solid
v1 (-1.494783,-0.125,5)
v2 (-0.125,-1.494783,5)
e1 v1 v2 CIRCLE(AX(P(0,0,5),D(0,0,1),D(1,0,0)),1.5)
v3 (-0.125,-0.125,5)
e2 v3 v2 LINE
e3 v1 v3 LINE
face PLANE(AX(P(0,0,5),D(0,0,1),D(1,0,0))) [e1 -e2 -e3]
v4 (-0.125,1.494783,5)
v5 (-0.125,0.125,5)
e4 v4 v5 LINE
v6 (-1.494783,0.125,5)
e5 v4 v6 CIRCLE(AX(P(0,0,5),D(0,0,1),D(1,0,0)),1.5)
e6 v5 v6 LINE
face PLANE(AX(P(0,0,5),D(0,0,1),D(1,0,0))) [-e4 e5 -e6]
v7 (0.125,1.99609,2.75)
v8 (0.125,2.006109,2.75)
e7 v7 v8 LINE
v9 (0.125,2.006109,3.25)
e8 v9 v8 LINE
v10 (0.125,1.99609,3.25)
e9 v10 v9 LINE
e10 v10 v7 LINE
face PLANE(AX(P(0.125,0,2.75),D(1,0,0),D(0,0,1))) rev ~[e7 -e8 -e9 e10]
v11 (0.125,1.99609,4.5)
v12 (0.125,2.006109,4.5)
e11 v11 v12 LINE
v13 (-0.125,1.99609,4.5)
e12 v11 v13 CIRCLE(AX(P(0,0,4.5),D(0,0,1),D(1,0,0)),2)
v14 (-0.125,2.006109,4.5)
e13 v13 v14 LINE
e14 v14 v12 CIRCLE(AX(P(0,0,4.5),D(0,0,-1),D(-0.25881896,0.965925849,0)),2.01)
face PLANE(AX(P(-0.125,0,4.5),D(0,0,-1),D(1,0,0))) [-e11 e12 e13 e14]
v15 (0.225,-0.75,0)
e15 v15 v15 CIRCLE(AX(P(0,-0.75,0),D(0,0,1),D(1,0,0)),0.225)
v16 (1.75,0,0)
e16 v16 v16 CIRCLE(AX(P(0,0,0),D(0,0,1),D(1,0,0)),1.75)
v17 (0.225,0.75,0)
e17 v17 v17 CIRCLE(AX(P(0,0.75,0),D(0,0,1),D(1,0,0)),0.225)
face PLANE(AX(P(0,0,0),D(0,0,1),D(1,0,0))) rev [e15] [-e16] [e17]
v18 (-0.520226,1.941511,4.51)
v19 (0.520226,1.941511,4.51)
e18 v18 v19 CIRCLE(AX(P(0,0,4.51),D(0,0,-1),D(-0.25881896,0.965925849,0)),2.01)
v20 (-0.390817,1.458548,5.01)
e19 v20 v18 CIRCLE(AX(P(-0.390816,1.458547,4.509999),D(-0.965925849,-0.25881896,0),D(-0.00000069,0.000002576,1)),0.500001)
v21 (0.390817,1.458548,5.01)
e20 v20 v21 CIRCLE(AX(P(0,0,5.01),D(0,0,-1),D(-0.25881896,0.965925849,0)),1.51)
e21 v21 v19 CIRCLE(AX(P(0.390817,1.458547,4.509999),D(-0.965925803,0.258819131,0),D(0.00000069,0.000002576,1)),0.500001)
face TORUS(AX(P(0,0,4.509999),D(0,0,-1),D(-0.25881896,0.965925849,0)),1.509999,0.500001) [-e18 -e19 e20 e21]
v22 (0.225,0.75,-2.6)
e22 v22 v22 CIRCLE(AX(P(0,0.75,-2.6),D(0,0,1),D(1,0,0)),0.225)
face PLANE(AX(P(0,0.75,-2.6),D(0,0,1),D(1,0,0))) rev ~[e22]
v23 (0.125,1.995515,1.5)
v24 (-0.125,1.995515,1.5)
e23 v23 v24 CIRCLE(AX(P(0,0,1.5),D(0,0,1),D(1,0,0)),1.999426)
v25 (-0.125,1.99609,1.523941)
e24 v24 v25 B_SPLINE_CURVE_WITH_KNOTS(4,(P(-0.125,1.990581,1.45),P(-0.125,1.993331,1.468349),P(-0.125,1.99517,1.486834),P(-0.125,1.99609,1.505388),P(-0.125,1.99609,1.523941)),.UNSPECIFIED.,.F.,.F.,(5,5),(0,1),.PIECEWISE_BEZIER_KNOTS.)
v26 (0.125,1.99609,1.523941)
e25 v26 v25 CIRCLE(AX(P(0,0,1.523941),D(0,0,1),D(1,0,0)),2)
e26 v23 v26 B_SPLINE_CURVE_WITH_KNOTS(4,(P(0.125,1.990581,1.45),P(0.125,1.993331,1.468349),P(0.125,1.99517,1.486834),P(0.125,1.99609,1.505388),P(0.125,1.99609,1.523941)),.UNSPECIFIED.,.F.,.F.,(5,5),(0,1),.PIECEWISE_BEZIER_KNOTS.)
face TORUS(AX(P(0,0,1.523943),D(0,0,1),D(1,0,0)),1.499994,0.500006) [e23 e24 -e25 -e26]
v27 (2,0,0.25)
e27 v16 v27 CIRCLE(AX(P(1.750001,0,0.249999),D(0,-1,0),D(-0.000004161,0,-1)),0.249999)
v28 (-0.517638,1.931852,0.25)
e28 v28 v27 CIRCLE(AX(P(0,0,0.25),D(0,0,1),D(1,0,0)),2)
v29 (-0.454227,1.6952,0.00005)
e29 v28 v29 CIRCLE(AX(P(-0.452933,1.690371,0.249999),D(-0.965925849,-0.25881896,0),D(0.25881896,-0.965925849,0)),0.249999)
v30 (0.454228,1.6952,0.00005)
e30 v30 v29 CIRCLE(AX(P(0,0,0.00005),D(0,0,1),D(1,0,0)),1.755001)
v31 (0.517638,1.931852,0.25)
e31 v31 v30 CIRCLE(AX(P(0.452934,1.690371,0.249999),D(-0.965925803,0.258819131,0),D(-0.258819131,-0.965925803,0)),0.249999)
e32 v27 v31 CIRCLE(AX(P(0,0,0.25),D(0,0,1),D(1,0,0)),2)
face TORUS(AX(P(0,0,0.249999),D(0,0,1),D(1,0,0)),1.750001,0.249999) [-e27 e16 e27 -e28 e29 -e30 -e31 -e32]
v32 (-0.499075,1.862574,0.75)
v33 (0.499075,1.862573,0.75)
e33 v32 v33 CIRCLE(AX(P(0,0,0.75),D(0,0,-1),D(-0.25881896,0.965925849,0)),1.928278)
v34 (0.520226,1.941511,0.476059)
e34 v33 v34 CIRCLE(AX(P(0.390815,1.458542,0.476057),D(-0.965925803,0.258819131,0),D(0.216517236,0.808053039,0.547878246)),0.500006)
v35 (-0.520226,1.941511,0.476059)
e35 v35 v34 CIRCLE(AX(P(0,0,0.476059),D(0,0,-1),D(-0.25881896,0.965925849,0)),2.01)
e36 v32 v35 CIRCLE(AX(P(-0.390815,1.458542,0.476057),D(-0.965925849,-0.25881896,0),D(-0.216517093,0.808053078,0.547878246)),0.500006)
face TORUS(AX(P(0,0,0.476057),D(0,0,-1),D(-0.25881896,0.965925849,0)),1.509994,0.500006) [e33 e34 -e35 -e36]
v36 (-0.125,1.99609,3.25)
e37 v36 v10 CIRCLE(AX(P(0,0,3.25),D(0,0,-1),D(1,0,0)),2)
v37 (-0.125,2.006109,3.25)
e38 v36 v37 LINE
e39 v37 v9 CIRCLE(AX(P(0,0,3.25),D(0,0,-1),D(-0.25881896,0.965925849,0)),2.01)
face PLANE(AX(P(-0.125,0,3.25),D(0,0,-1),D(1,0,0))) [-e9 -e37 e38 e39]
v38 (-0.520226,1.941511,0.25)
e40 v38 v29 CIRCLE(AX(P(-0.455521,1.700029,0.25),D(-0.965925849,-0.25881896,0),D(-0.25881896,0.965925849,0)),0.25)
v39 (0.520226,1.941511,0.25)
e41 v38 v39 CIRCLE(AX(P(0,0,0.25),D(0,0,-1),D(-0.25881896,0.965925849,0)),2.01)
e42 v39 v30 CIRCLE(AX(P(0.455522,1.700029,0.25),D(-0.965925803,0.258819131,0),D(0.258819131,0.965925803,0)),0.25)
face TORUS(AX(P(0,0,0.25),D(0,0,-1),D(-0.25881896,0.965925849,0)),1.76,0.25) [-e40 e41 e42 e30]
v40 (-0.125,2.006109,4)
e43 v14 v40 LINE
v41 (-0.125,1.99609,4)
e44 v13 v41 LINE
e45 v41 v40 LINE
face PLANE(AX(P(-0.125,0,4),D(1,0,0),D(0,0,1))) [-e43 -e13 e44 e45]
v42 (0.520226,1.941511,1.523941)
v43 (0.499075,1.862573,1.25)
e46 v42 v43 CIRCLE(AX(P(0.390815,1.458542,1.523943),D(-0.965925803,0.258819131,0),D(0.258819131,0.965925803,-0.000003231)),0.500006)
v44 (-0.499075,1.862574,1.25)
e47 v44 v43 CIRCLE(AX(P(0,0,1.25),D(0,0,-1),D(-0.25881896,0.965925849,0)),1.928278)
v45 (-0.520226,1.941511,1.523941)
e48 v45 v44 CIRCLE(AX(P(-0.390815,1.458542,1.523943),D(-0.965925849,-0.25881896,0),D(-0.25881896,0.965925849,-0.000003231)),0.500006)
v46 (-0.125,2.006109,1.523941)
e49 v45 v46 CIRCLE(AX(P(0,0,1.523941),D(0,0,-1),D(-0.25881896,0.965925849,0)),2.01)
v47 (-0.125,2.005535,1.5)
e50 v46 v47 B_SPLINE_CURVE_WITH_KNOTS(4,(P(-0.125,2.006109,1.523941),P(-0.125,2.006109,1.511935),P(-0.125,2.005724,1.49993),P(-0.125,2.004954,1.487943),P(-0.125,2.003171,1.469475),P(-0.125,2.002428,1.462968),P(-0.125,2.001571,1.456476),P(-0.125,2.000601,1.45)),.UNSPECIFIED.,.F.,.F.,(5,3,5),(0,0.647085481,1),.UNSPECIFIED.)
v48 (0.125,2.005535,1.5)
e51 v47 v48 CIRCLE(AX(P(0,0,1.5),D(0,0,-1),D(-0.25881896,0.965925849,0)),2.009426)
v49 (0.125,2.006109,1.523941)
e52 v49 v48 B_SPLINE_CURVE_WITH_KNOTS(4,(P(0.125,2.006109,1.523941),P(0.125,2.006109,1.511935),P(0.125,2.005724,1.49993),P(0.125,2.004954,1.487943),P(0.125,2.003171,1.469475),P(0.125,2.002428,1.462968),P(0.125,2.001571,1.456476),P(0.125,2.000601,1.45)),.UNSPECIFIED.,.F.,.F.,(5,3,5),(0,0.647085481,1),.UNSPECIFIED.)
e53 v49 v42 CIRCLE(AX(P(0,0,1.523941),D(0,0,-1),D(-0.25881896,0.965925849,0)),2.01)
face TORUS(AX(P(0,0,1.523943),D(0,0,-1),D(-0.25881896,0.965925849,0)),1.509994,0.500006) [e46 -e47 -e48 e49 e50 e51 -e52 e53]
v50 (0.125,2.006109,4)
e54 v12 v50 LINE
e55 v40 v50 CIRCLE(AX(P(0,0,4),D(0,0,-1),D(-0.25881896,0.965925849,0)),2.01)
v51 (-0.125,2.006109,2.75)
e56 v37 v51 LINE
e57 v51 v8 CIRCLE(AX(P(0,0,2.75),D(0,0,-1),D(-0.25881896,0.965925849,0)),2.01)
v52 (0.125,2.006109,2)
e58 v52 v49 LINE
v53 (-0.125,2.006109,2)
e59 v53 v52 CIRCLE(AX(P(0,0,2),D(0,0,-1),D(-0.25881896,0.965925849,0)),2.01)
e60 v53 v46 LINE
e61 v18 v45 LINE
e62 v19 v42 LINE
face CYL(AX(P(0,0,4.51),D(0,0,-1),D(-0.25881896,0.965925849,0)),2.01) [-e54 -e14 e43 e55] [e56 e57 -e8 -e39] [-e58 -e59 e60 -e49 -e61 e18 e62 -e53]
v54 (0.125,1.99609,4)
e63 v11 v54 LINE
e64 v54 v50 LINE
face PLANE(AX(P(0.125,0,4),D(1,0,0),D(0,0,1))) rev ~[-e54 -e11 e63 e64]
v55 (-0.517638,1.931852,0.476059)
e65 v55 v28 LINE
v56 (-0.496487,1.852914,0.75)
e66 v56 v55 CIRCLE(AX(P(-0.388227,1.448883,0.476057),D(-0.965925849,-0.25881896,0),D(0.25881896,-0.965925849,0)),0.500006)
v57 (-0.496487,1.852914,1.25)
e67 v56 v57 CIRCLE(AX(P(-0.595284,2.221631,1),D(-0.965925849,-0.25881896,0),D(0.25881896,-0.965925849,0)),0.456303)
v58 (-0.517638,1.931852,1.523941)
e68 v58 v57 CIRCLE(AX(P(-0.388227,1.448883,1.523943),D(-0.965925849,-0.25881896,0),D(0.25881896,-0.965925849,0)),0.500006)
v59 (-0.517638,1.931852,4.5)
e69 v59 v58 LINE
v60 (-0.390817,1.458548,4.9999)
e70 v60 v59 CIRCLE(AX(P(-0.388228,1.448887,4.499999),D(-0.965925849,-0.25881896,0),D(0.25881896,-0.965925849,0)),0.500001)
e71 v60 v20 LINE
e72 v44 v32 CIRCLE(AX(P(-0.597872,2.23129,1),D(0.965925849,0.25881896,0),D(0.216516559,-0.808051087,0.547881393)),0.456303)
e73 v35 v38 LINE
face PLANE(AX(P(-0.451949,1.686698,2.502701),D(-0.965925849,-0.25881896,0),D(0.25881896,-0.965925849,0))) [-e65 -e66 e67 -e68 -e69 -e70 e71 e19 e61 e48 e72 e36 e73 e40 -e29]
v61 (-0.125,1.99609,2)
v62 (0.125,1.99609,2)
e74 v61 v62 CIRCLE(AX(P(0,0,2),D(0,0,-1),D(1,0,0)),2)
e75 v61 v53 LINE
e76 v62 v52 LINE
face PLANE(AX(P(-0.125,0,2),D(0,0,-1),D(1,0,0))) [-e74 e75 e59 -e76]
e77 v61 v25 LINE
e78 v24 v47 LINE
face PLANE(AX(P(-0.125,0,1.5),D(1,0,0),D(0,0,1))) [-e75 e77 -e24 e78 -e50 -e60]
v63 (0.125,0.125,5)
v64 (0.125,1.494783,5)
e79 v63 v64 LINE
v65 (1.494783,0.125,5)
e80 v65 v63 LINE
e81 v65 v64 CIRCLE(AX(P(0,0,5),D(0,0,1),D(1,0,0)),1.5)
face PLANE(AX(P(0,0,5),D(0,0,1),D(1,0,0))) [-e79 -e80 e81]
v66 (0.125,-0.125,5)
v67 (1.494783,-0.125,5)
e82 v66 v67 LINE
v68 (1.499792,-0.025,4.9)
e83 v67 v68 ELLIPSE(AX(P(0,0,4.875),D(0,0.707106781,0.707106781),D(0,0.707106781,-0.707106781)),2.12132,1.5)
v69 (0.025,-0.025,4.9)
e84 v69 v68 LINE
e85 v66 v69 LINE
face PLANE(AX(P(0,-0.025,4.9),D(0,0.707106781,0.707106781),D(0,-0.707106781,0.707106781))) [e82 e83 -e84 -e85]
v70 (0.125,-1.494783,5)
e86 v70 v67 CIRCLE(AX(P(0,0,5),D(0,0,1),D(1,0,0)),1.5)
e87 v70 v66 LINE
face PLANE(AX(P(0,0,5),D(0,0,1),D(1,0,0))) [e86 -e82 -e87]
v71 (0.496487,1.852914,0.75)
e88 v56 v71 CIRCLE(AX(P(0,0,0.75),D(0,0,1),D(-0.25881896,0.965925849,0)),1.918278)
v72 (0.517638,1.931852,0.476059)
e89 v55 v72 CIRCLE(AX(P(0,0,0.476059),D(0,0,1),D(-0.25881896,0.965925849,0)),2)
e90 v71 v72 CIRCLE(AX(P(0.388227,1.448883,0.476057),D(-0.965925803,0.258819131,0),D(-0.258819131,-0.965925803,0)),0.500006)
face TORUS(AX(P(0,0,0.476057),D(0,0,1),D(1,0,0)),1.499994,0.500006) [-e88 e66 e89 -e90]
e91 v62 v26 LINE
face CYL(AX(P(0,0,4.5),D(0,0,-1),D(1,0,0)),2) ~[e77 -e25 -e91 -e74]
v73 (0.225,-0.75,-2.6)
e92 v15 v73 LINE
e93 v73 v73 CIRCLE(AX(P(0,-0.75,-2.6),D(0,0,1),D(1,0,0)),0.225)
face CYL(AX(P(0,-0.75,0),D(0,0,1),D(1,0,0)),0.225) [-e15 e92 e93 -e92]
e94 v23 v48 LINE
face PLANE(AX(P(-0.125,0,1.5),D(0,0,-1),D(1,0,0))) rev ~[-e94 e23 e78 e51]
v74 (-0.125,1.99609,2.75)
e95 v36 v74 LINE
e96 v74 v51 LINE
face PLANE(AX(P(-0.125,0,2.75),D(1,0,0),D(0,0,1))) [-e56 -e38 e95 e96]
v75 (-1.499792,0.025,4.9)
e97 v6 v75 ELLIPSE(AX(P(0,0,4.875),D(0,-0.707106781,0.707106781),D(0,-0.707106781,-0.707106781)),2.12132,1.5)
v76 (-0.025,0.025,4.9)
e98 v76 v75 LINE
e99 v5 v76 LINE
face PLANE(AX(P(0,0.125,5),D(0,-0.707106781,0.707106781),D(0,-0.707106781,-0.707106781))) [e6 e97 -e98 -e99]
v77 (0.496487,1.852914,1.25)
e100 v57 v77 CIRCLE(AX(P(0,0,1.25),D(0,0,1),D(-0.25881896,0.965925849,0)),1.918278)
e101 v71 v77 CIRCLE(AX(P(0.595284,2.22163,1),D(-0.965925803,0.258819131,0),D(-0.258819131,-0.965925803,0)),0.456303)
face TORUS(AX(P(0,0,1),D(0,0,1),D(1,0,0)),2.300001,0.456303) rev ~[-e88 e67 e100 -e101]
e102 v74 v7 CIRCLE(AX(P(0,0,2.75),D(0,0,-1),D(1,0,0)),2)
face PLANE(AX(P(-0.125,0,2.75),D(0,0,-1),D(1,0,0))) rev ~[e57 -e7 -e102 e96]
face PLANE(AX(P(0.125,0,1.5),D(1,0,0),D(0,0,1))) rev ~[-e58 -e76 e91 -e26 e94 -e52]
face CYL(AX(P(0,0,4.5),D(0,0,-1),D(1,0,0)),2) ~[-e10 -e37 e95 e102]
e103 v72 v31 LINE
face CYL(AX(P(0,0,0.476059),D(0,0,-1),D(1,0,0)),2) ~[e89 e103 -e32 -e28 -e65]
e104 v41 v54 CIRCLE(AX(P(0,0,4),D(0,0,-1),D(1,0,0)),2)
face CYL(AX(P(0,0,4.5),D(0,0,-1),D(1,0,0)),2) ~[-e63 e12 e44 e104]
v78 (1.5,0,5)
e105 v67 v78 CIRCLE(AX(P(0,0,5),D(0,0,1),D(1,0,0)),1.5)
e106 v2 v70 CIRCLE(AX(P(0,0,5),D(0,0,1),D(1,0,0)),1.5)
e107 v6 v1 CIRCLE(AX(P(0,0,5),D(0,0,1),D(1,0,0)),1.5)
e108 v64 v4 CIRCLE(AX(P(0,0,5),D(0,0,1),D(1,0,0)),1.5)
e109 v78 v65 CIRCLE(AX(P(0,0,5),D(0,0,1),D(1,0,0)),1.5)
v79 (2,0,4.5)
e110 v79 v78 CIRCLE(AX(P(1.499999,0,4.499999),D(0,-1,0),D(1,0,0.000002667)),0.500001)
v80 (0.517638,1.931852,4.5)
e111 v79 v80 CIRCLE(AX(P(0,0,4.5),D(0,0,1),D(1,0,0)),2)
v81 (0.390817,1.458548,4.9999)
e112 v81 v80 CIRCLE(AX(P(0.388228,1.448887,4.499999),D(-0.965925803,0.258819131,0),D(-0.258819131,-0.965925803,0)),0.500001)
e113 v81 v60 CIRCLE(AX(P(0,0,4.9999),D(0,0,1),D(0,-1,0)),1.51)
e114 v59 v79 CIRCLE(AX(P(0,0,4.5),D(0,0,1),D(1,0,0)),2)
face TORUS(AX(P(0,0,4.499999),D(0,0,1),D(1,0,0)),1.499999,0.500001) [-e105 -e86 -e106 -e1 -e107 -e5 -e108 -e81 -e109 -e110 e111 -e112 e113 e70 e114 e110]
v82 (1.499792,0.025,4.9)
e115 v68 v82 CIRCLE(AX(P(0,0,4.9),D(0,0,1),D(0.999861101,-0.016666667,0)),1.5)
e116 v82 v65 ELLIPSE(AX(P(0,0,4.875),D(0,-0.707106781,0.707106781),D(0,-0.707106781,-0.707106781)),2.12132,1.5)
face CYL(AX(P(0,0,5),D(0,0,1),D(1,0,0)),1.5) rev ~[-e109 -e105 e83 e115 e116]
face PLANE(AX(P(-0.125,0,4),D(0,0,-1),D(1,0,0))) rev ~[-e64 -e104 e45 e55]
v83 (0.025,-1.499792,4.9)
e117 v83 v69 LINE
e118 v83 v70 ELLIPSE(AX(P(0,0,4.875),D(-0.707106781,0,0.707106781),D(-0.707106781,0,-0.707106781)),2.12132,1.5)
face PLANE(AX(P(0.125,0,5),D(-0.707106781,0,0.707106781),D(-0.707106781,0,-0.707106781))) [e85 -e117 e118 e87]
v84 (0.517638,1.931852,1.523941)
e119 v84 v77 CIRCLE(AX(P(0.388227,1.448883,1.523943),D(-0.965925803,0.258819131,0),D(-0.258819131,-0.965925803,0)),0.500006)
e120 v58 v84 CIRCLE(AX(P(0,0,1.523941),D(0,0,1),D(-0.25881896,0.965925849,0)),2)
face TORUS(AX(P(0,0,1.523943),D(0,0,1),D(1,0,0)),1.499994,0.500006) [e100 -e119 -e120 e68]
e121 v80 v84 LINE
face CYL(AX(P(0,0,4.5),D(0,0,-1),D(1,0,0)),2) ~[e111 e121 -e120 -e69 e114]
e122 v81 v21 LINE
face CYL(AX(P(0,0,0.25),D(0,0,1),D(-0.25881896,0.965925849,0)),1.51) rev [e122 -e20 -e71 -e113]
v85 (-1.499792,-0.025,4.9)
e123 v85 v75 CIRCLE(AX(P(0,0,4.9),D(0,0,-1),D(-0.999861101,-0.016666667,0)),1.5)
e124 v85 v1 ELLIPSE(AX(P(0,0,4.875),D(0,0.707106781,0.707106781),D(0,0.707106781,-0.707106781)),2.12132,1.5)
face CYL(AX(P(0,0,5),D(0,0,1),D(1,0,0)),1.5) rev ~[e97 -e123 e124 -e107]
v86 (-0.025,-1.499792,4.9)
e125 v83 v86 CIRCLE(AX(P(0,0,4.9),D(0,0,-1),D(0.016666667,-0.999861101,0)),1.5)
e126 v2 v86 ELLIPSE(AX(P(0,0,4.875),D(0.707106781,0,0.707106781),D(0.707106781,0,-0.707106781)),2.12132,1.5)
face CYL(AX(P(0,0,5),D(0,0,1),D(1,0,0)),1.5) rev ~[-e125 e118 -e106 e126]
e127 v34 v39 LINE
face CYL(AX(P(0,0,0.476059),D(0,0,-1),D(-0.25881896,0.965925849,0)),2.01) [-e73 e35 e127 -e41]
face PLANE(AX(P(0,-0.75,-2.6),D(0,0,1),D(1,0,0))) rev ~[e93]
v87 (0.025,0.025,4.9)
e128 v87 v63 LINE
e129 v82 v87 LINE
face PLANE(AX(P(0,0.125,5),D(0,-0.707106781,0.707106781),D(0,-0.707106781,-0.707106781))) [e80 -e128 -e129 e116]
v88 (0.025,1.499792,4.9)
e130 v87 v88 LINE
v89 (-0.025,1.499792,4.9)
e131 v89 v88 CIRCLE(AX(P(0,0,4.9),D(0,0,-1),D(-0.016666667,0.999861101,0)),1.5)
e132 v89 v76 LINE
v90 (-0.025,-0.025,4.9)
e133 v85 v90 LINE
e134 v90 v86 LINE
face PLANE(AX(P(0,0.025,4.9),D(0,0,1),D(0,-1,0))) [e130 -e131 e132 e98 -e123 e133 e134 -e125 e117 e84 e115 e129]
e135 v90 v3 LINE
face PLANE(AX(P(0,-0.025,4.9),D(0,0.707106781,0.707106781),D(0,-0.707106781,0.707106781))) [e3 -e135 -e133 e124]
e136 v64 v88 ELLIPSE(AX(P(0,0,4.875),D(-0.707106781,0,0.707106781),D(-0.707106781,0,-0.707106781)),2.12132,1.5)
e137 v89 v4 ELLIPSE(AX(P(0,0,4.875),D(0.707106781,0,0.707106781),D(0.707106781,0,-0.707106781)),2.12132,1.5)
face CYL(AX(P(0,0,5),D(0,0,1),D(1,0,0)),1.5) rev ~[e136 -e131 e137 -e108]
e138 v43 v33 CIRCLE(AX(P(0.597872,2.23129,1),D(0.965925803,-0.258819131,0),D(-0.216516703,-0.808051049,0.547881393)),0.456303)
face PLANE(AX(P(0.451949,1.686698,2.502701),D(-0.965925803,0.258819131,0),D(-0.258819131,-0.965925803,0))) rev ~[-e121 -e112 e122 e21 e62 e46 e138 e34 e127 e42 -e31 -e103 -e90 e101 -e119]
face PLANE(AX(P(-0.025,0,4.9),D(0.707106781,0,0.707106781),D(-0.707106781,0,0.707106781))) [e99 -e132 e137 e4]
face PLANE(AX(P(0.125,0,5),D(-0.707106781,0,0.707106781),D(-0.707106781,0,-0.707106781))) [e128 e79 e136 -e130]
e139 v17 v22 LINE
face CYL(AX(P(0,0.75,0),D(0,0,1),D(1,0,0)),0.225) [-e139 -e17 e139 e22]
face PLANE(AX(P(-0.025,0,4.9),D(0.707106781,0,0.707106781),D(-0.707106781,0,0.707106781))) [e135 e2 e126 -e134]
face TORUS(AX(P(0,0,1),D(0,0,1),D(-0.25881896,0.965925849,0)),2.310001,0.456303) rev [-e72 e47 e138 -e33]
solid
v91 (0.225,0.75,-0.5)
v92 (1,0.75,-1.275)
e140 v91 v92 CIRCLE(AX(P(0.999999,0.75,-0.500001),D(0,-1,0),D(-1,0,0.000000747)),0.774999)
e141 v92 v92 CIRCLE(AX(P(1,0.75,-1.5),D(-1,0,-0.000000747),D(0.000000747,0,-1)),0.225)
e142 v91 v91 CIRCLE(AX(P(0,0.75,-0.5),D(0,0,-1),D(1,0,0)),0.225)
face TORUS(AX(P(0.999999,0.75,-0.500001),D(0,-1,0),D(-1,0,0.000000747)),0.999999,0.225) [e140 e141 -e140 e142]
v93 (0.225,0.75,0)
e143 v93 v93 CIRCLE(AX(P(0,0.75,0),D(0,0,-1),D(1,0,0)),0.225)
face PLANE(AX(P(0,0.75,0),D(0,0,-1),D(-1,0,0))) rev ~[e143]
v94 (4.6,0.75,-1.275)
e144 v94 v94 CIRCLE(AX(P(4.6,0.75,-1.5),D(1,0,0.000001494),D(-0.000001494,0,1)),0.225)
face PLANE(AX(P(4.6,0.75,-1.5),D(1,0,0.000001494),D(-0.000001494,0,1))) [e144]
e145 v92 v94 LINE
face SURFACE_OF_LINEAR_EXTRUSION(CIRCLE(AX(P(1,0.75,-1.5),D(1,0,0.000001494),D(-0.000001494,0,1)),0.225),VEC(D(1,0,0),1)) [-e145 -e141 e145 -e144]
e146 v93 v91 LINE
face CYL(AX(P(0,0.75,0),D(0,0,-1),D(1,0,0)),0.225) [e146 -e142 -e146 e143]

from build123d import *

# Parameters (mm, degrees)
SKETCH003_R         = 0.225
REVOLUTION001_ANGLE = -30
SKETCH015_W         = 0.25
SKETCH015_H         = 0.5
POCKET002_DEPTH     = 2.011
LINEARPATTERN_COUNT = 3
LINEARPATTERN_PITCH = 1.25
SKETCH010_R         = 0.225
PAD002_DEPTH        = 2.6
SKETCH013_R         = 1.5
PAD_DEPTH           = 0.5
POCKET001_DEPTH     = 1.5
POLARPATTERN_COUNT  = 3
POLARPATTERN_ANGLE  = 180
SKETCH012_R         = 1.5
POCKET_DEPTH        = 0.5


with BuildPart() as leadangledclone:
    # AdditivePipe: sweep along a path in Sketch004
    with BuildLine(Plane.XZ) as additivepipe_path:
        Line((0, 0), (0, -0.5))
        ThreePointArc((0, -0.5), (0.292893, -1.207107), (1, -1.5))
        Line((1, -1.5), (4.6, -1.5))
    # Sketch003 (on ShapeBinder) → AdditivePipe (sweep)
    with BuildSketch(Plane(origin=(0, 0, 0), x_dir=(1, 0, 0), z_dir=(0, 0, -1))):
        with Locations((0, 0.75)):
            Circle(SKETCH003_R)
    sweep(path=additivepipe_path.line)


with BuildPart() as leadangledclone_1:
    # Body003 placement: moved
    add(leadangledclone.part.moved(Location((0, 1.5, 0))))


with BuildPart() as polaritymarking:
    # Sketch005 → Revolution001 (revolve)
    with BuildSketch(Plane(origin=(0, 0, 0), x_dir=(-0.258819, 0.965926, 0), z_dir=(0.965926, 0.258819, 0))):
        with BuildLine():
            Line((1.51, 0.25), (1.51, 5.01))
            ThreePointArc((1.51, 5.01), (1.863553, 4.863553), (2.01, 4.51))
            Line((2.01, 4.51), (2.01, 1.523941))
            ThreePointArc((2.01, 1.523941), (1.989134, 1.381006), (1.928278, 1.25))
            ThreePointArc((1.928278, 1.25), (1.853698, 1), (1.928278, 0.75))
            ThreePointArc((1.928278, 0.75), (1.989134, 0.618994), (2.01, 0.476059))
            Line((2.01, 0.476059), (2.01, 0.25))
            ThreePointArc((2.01, 0.25), (1.76, 0), (1.51, 0.25))
        make_face()
    revolve(axis=Axis((0, 0, 0), (0, 0, 1)), revolution_arc=REVOLUTION001_ANGLE)

    # Sketch015 → Pocket002 (cut, through all)
    with BuildSketch(Plane.XZ):
        with Locations((0, 1.75)):
            Rectangle(SKETCH015_W, SKETCH015_H)
    pocket002 = extrude(amount=-POCKET002_DEPTH, mode=Mode.SUBTRACT)

    # LinearPattern: Pocket002 ×3
    with Locations(*[(0, 0, i * LINEARPATTERN_PITCH) for i in range(1, LINEARPATTERN_COUNT)]):
        add(pocket002, mode=Mode.SUBTRACT)


with BuildPart() as leadstraight:
    # Sketch010 → Pad002 (new body)
    with BuildSketch(Plane(origin=(0, 0.75, 0), x_dir=(1, 0, 0), z_dir=(0, 0, 1))):
        Circle(SKETCH010_R)
    extrude(amount=-PAD002_DEPTH)


with BuildPart() as leadstraightclone:
    # Body007 base: copy of LeadStraight
    add(leadstraight.part)


with BuildPart() as leadstraightclone_1:
    # Body007 placement: moved
    add(leadstraightclone.part.moved(Location((0, -1.5, 0))))


with BuildPart() as housingtop:
    # Sketch013 (on ShapeBinder) → Pad (new body)
    with BuildSketch(Plane.XY.offset(4.5)):
        Circle(SKETCH013_R)
    extrude(amount=PAD_DEPTH)

    # Sketch014 → Pocket001 (cut, symmetric)
    with BuildSketch(Plane.XZ):
        Polygon((-0.125, 5), (0.125, 5), (0.025, 4.9), (-0.025, 4.9), align=None)
    pocket001 = extrude(amount=POCKET001_DEPTH, both=True, mode=Mode.SUBTRACT)

    # PolarPattern: Pocket001 ×3 about axis
    polarpattern_axis = Axis((0, 0, 0), (0, 0, 1))
    for i in range(1, POLARPATTERN_COUNT):
        add(pocket001.rotate(polarpattern_axis, i * POLARPATTERN_ANGLE / (POLARPATTERN_COUNT - 1)), mode=Mode.SUBTRACT)


with BuildPart() as fusion:
    # Sketch → Revolution (revolve)
    with BuildSketch(Plane.XZ):
        with BuildLine():
            Line((0, 5), (1.5, 5))
            ThreePointArc((2, 4.5), (1.853553, 4.853553), (1.5, 5))
            Line((2, 4.5), (2, 1.523941))
            ThreePointArc((1.918278, 1.25), (1.979134, 1.381006), (2, 1.523941))
            ThreePointArc((1.918278, 1.25), (1.843698, 1), (1.918278, 0.75))
            ThreePointArc((2, 0.476059), (1.979134, 0.618994), (1.918278, 0.75))
            Line((2, 0.476059), (2, 0.25))
            ThreePointArc((1.75, 0), (1.926777, 0.073223), (2, 0.25))
            Line((0, 0), (1.75, 0))
            Line((0, 5), (0, 0))
        make_face()
    revolve(axis=Axis((0, 0, 0), (0, 0, 1)))

    # Sketch012 → Pocket (cut)
    with BuildSketch(Plane.XY.offset(5)):
        Circle(SKETCH012_R)
    extrude(amount=-POCKET_DEPTH, mode=Mode.SUBTRACT)

    # Fusion: union PolarityMarking, LeadStraight, LeadStraightClone, HousingTop
    add(polaritymarking.part)
    add(leadstraight.part)
    add(leadstraightclone_1.part)
    add(housingtop.part)


solid = Compound([leadangledclone_1.part, fusion.part])
